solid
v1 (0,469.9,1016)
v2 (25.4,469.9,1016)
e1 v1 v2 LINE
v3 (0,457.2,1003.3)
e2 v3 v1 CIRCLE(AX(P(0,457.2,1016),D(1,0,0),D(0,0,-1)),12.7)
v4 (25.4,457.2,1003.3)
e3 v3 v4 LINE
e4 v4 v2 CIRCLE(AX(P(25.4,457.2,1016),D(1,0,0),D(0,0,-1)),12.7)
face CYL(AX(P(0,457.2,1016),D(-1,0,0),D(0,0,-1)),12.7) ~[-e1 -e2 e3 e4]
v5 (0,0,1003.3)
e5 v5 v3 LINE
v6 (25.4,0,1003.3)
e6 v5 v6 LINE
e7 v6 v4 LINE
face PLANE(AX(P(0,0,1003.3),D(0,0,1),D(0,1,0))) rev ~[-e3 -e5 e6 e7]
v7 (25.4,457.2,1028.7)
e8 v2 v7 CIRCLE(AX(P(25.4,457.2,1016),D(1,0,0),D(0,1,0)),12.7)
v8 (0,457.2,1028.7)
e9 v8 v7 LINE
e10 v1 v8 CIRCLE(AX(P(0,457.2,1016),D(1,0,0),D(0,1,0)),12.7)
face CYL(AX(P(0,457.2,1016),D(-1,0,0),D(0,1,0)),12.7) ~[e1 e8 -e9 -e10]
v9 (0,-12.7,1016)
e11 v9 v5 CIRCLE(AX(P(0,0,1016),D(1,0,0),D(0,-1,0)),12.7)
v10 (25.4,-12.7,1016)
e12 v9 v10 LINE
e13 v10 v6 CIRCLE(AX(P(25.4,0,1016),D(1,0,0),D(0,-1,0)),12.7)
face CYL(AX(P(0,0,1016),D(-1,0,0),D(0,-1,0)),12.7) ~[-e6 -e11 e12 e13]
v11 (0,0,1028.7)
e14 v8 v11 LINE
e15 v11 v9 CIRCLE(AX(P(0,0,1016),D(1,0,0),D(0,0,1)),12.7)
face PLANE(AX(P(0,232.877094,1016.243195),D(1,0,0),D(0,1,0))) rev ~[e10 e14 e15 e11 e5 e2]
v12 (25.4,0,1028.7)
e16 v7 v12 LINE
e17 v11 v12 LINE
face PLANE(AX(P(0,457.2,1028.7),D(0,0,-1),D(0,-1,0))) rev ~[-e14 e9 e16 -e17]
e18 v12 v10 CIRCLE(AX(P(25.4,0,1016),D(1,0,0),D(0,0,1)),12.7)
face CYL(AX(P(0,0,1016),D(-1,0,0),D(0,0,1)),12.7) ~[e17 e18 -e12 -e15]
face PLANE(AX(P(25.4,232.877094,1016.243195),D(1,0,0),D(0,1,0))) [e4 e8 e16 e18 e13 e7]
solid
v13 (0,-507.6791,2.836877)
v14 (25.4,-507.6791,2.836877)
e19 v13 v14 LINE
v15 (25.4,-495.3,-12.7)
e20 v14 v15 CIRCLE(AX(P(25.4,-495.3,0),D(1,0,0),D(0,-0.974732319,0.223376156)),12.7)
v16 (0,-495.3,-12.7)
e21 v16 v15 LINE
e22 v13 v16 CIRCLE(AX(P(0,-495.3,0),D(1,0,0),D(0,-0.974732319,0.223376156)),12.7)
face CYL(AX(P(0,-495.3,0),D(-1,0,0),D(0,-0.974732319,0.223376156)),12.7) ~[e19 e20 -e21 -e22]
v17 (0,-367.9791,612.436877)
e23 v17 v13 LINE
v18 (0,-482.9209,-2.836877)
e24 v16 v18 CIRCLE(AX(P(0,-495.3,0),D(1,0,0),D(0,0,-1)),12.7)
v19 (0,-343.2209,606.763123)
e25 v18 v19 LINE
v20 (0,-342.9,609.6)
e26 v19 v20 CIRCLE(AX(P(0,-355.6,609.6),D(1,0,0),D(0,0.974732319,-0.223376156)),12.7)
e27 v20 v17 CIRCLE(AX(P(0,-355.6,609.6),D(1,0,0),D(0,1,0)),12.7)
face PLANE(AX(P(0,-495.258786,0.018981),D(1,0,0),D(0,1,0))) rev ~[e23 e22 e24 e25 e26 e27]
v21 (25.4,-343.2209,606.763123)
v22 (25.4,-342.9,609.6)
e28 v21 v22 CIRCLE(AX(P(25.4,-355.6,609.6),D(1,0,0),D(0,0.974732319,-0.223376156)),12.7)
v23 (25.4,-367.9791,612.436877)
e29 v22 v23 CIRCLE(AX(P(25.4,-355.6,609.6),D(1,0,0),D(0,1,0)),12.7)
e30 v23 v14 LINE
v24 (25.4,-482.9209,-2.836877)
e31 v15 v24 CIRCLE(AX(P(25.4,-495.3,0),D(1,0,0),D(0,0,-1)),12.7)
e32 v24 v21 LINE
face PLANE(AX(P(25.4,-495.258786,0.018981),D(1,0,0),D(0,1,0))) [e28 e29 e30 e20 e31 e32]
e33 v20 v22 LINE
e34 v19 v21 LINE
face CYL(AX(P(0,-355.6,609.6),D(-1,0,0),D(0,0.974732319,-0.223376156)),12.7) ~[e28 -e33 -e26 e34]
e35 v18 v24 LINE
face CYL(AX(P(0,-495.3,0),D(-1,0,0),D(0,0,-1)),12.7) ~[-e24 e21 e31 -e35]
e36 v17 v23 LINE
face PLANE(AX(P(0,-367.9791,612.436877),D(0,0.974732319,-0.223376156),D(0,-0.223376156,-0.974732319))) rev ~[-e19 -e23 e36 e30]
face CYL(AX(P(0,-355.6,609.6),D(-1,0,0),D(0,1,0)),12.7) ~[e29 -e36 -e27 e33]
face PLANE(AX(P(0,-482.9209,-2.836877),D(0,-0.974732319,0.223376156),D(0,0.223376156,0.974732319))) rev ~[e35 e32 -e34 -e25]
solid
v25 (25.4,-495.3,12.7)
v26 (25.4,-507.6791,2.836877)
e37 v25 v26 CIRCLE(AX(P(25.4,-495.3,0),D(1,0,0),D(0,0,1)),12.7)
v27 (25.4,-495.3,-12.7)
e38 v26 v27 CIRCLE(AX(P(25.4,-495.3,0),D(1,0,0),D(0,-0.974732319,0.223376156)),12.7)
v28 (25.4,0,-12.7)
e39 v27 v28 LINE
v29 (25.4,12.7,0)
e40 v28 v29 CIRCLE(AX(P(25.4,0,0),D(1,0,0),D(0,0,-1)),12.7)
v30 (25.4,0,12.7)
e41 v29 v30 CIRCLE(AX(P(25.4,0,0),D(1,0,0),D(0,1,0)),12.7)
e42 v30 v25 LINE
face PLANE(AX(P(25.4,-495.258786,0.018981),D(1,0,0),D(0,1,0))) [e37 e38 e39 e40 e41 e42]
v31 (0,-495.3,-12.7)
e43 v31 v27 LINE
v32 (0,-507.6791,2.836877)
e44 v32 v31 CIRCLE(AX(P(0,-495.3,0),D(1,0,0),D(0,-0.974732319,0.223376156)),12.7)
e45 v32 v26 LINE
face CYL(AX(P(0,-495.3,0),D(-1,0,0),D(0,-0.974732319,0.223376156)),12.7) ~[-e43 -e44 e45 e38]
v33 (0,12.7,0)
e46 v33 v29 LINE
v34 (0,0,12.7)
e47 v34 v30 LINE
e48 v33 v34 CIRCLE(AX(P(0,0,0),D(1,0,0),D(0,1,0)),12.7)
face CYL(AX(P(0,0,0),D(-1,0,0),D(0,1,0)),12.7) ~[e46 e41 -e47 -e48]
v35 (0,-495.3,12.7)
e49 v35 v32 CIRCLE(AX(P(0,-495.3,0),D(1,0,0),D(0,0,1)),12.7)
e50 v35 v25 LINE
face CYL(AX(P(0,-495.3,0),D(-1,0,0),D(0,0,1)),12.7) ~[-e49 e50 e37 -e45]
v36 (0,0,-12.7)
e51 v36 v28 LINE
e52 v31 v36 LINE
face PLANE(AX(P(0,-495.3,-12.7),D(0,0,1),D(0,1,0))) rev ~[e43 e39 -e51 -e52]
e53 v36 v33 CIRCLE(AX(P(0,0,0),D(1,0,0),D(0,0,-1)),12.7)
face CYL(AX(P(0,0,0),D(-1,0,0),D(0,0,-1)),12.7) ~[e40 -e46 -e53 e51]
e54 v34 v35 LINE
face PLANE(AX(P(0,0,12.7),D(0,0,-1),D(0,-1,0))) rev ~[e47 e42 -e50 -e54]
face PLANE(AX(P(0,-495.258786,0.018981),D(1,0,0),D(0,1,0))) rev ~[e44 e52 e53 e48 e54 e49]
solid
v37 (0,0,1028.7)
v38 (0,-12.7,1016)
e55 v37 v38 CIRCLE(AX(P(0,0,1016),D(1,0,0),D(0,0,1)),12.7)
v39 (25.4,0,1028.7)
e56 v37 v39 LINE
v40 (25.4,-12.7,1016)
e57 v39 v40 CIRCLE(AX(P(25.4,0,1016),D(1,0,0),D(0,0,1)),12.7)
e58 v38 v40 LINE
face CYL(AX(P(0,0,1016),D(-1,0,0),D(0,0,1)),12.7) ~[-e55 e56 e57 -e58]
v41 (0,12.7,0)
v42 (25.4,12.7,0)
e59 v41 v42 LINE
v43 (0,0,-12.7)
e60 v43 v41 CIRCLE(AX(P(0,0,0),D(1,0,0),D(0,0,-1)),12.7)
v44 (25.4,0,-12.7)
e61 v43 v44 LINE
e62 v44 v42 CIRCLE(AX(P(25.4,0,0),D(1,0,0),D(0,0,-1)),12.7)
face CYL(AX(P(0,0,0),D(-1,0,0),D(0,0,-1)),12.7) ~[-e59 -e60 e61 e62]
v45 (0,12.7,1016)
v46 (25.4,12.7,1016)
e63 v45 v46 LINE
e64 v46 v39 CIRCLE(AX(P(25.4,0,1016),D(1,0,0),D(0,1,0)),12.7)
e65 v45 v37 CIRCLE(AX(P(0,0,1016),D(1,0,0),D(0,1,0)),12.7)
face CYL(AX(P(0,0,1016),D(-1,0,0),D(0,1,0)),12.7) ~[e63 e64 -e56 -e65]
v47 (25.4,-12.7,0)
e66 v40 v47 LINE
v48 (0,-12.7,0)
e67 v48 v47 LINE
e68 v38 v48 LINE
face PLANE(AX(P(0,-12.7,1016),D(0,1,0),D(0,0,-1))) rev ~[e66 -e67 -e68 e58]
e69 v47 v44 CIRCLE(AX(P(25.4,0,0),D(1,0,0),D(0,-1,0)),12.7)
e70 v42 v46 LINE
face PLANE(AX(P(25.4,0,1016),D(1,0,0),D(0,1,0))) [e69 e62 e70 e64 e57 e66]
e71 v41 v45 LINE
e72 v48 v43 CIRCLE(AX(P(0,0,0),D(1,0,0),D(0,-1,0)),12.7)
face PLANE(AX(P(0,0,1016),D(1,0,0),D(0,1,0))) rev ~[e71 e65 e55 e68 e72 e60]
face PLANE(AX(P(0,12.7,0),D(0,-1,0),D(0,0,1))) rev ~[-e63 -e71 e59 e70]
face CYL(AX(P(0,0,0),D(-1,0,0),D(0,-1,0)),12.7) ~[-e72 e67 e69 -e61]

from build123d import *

# Parameters (mm, degrees)
F1_DEPTH = 25.4
F2_DEPTH = 25.4
F3_DEPTH = 25.4
F4_DEPTH = 25.4


with BuildPart() as f1:
    # F0 (on Right) → F1 (new body)
    with BuildSketch(Plane.YZ):
        with BuildLine():
            ThreePointArc((12.7, 1016), (8.9802561211, 1024.9802561211), (0, 1028.7))
            ThreePointArc((0, 1028.7), (-8.9802561211, 1024.9802561211), (-12.7, 1016))
            ThreePointArc((-12.7, 1016), (-8.9802561211, 1007.0197438789), (0, 1003.3))
            ThreePointArc((0, 1003.3), (8.9802561211, 1007.0197438789), (12.7, 1016))
        make_face()
        with BuildLine():
            Line((0, 1003.3), (12.7, 1003.3))
            Line((12.7, 1003.3), (12.7, 1016))
            ThreePointArc((12.7, 1016), (8.9802561211, 1007.0197438789), (0, 1003.3))
        make_face()
        with BuildLine():
            ThreePointArc((0, -12.7), (8.9802561211, -8.9802561211), (12.7, 0))
            ThreePointArc((12.7, 0), (8.9802561211, 8.9802561211), (0, 12.7))
            ThreePointArc((0, 12.7), (-8.9802561211, 8.9802561211), (-12.7, 0))
            ThreePointArc((-12.7, 0), (-8.9802561211, -8.9802561211), (0, -12.7))
        make_face()
        with BuildLine():
            Line((0, 12.7), (-12.7, 12.7))
            Line((-12.7, 12.7), (-12.7, 0))
            ThreePointArc((-12.7, 0), (-8.9802561211, 8.9802561211), (0, 12.7))
        make_face()
        with BuildLine():
            Line((12.7, 0), (12.7, 1003.3))
            Line((12.7, 1003.3), (0, 1003.3))
            ThreePointArc((0, 1003.3), (-8.9802561211, 1007.0197438789), (-12.7, 1016))
            Line((-12.7, 1016), (-12.7, 12.7))
            Line((-12.7, 12.7), (0, 12.7))
            ThreePointArc((0, 12.7), (8.9802561211, 8.9802561211), (12.7, 0))
        make_face()
    extrude(amount=F1_DEPTH)


with BuildPart() as f2:
    # F0 (on Right) → F2 (new body)
    with BuildSketch(Plane.YZ):
        with BuildLine():
            ThreePointArc((457.2, 1003.3), (444.5, 1016), (457.2, 1028.7))
            Line((457.2, 1028.7), (0, 1028.7))
            ThreePointArc((0, 1028.7), (8.9802561211, 1024.9802561211), (12.7, 1016))
            Line((12.7, 1016), (12.7, 1003.3))
            Line((12.7, 1003.3), (457.2, 1003.3))
        make_face()
        with BuildLine():
            ThreePointArc((457.2, 1003.3), (466.1802561211, 1007.0197438789), (469.9, 1016))
            ThreePointArc((469.9, 1016), (466.1802561211, 1024.9802561211), (457.2, 1028.7))
            ThreePointArc((457.2, 1028.7), (444.5, 1016), (457.2, 1003.3))
        make_face()
        with BuildLine():
            ThreePointArc((12.7, 1016), (8.9802561211, 1024.9802561211), (0, 1028.7))
            ThreePointArc((0, 1028.7), (-8.9802561211, 1024.9802561211), (-12.7, 1016))
            ThreePointArc((-12.7, 1016), (-8.9802561211, 1007.0197438789), (0, 1003.3))
            ThreePointArc((0, 1003.3), (8.9802561211, 1007.0197438789), (12.7, 1016))
        make_face()
        with BuildLine():
            Line((0, 1003.3), (12.7, 1003.3))
            Line((12.7, 1003.3), (12.7, 1016))
            ThreePointArc((12.7, 1016), (8.9802561211, 1007.0197438789), (0, 1003.3))
        make_face()
    extrude(amount=F2_DEPTH)


with BuildPart() as f3:
    # F0 (on Right) → F3 (new body)
    with BuildSketch(Plane.YZ):
        with BuildLine():
            ThreePointArc((-507.6791004453, 2.8368771854), (-505.2327322589, -7.9139642325), (-495.3, -12.7))
            ThreePointArc((-495.3, -12.7), (-487.3860357675, -9.9327322589), (-482.9208995547, -2.8368771854))
            ThreePointArc((-482.9208995547, -2.8368771854), (-482.6804798892, -1.4274845611), (-482.6, 0))
            ThreePointArc((-482.6, 0), (-486.3197438789, 8.9802561211), (-495.3, 12.7))
            ThreePointArc((-495.3, 12.7), (-503.2139642325, 9.9327322589), (-507.6791004453, 2.8368771854))
        make_face()
        with BuildLine():
            Line((-12.7, 0), (-12.7, 12.7))
            Line((-12.7, 12.7), (-479.3603651997, 12.7))
            Line((-479.3603651997, 12.7), (-482.9208995547, -2.8368771854))
            ThreePointArc((-482.9208995547, -2.8368771854), (-487.3860357675, -9.9327322589), (-495.3, -12.7))
            Line((-495.3, -12.7), (0, -12.7))
            ThreePointArc((0, -12.7), (-8.9802561211, -8.9802561211), (-12.7, 0))
        make_face()
        with BuildLine():
            Line((-482.9208995547, -2.8368771854), (-479.3603651997, 12.7))
            Line((-479.3603651997, 12.7), (-495.3, 12.7))
            ThreePointArc((-495.3, 12.7), (-486.3197438789, 8.9802561211), (-482.6, 0))
            ThreePointArc((-482.6, 0), (-482.6804798892, -1.4274845611), (-482.9208995547, -2.8368771854))
        make_face()
        with BuildLine():
            Line((0, 12.7), (-12.7, 12.7))
            Line((-12.7, 12.7), (-12.7, 0))
            ThreePointArc((-12.7, 0), (-8.9802561211, 8.9802561211), (0, 12.7))
        make_face()
        with BuildLine():
            ThreePointArc((0, -12.7), (8.9802561211, -8.9802561211), (12.7, 0))
            ThreePointArc((12.7, 0), (8.9802561211, 8.9802561211), (0, 12.7))
            ThreePointArc((0, 12.7), (-8.9802561211, 8.9802561211), (-12.7, 0))
            ThreePointArc((-12.7, 0), (-8.9802561211, -8.9802561211), (0, -12.7))
        make_face()
    extrude(amount=F3_DEPTH)


with BuildPart() as f4:
    # F0 (on Right) → F4 (new body)
    with BuildSketch(Plane.YZ):
        with BuildLine():
            ThreePointArc((-507.6791004453, 2.8368771854), (-505.2327322589, -7.9139642325), (-495.3, -12.7))
            ThreePointArc((-495.3, -12.7), (-487.3860357675, -9.9327322589), (-482.9208995547, -2.8368771854))
            ThreePointArc((-482.9208995547, -2.8368771854), (-482.6804798892, -1.4274845611), (-482.6, 0))
            ThreePointArc((-482.6, 0), (-486.3197438789, 8.9802561211), (-495.3, 12.7))
            ThreePointArc((-495.3, 12.7), (-503.2139642325, 9.9327322589), (-507.6791004453, 2.8368771854))
        make_face()
        with BuildLine():
            Line((-482.9208995547, -2.8368771854), (-479.3603651997, 12.7))
            Line((-479.3603651997, 12.7), (-495.3, 12.7))
            ThreePointArc((-495.3, 12.7), (-486.3197438789, 8.9802561211), (-482.6, 0))
            ThreePointArc((-482.6, 0), (-482.6804798892, -1.4274845611), (-482.9208995547, -2.8368771854))
        make_face()
        with BuildLine():
            Line((-495.3, 12.7), (-479.3603651997, 12.7))
            Line((-479.3603651997, 12.7), (-343.2208995547, 606.7631228146))
            ThreePointArc((-343.2208995547, 606.7631228146), (-358.4368771854, 597.2208995547), (-367.9791004453, 612.4368771854))
            Line((-367.9791004453, 612.4368771854), (-507.6791004453, 2.8368771854))
            ThreePointArc((-507.6791004453, 2.8368771854), (-503.2139642325, 9.9327322589), (-495.3, 12.7))
        make_face()
        with BuildLine():
            ThreePointArc((-367.9791004453, 612.4368771854), (-358.4368771854, 597.2208995547), (-343.2208995547, 606.7631228146))
            ThreePointArc((-343.2208995547, 606.7631228146), (-342.9804798892, 608.1725154389), (-342.9, 609.6))
            ThreePointArc((-342.9, 609.6), (-354.1725154389, 622.2195201108), (-367.9791004453, 612.4368771854))
        make_face()
    extrude(amount=F4_DEPTH)


solid = Compound([f1.part, f2.part, f3.part, f4.part])
